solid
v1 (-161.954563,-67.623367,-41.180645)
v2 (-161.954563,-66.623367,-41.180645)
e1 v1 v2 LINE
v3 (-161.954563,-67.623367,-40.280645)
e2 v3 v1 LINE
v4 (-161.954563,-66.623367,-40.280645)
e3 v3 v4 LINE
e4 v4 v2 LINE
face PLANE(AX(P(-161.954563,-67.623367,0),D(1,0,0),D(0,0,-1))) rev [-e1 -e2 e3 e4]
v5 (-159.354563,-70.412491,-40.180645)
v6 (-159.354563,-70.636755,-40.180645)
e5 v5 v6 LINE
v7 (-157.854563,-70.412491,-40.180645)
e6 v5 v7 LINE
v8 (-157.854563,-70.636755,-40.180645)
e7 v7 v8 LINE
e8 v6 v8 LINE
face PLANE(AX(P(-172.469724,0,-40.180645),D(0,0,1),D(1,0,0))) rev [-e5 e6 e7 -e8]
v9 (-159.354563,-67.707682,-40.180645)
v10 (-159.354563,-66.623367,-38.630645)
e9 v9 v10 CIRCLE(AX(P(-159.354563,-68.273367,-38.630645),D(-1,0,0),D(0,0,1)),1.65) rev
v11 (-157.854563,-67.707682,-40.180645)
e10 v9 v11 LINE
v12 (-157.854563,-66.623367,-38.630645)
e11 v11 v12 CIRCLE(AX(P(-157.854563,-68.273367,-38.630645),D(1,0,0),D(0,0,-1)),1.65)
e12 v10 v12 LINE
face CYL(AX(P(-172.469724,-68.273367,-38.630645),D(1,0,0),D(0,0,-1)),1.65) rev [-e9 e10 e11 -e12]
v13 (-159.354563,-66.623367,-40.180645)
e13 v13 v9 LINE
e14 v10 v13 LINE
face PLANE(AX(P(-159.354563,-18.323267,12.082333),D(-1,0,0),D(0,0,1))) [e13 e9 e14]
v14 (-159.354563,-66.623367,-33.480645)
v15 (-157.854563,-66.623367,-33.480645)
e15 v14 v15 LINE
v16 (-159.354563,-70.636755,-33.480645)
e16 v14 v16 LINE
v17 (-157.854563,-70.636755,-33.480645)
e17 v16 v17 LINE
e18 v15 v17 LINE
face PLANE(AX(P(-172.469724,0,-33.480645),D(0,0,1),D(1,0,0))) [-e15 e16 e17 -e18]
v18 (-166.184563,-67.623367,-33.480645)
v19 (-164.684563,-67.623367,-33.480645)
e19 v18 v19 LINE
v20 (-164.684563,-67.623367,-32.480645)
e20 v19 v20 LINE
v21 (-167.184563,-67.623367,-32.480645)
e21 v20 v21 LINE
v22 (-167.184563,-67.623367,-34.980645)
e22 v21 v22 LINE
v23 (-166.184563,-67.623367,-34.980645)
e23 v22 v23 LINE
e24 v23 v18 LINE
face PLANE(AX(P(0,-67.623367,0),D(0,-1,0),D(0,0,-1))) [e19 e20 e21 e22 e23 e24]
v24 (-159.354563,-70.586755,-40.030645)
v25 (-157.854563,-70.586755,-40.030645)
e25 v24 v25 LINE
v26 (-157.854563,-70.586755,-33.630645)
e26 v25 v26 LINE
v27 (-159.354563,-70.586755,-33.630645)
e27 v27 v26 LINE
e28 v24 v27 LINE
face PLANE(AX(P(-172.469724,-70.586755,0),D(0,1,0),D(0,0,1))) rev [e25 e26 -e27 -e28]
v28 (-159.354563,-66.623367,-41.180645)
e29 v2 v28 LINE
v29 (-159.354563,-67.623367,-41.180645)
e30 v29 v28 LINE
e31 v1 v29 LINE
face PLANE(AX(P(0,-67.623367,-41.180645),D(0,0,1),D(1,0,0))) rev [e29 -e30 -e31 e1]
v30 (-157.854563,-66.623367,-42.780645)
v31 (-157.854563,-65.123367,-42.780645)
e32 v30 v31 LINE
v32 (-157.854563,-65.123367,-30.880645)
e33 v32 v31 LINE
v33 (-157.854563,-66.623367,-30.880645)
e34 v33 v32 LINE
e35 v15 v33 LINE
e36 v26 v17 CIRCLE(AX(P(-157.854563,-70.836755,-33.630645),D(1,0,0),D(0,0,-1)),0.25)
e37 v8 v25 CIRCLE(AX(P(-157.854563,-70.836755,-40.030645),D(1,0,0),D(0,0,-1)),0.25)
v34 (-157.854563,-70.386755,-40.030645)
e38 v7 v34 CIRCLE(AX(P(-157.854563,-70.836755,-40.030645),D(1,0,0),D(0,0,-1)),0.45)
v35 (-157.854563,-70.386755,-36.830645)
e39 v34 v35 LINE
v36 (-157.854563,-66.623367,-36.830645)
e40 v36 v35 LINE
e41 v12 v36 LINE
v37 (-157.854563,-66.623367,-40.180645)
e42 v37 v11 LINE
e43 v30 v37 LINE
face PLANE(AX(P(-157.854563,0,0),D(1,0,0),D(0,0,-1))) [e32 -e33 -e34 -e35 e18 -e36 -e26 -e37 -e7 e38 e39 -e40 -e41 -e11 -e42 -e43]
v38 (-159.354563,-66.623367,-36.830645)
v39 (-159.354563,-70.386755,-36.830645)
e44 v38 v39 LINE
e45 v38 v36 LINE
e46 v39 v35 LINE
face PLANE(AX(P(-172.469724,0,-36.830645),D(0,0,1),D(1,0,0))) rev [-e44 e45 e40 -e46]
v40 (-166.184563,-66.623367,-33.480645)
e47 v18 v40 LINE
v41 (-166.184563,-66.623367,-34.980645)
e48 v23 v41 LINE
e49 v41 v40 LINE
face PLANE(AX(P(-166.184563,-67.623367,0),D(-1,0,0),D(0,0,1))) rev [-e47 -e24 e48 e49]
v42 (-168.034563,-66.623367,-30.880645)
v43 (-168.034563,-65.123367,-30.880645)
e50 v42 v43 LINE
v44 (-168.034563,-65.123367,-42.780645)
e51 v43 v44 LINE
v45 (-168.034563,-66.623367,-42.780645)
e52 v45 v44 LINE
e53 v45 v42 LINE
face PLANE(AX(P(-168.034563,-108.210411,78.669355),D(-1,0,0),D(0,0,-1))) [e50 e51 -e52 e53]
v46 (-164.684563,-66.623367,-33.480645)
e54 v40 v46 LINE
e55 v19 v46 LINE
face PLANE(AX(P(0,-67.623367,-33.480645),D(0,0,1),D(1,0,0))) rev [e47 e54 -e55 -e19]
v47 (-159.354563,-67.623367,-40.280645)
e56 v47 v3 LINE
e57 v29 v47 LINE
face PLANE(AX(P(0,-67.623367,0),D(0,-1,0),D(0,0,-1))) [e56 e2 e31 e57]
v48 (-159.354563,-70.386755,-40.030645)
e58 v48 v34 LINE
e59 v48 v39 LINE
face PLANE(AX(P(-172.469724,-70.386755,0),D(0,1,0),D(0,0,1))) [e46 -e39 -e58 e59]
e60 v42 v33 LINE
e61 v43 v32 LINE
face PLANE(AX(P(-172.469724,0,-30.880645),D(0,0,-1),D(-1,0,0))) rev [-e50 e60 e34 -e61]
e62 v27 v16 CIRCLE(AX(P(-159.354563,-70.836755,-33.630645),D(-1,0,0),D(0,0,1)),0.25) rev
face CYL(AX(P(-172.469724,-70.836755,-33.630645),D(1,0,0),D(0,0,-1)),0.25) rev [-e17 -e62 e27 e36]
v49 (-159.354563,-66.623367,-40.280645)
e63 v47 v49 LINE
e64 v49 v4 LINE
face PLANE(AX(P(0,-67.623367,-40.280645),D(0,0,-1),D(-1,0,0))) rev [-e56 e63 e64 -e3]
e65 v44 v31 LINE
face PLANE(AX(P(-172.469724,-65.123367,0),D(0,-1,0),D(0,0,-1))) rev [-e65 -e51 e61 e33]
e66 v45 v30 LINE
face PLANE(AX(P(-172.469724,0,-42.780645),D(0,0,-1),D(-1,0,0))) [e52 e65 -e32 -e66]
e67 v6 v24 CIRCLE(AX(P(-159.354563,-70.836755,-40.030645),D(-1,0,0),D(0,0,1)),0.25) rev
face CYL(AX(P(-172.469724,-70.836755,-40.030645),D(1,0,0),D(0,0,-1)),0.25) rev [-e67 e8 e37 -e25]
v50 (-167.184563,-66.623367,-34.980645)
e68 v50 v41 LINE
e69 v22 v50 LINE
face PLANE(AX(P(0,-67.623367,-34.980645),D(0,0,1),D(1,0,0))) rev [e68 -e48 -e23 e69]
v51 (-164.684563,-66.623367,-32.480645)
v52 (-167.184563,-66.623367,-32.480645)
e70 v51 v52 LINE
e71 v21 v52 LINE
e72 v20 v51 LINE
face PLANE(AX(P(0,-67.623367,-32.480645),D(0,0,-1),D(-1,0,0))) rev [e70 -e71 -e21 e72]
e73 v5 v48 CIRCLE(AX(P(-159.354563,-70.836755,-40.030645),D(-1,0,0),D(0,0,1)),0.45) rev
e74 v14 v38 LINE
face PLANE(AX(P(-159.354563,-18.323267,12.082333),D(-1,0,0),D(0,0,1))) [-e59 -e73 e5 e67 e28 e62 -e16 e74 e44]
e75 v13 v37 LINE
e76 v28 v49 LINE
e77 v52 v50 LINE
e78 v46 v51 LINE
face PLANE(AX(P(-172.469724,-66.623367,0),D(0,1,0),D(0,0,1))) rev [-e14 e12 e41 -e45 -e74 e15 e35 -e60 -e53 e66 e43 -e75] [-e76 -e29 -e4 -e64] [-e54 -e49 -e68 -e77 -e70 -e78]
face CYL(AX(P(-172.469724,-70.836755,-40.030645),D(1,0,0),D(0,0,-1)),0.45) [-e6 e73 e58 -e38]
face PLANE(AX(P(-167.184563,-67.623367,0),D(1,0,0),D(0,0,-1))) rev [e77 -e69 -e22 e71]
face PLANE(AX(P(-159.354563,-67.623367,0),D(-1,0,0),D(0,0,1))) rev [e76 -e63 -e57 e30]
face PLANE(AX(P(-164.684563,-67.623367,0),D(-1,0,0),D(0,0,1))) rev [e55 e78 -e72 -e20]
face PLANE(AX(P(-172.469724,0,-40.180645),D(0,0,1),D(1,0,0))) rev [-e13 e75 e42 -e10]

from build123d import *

# Parameters (mm, degrees)
BOSS_EXTRUDE1_DEPTH = 1.5
BOSS_EXTRUDE2_DEPTH = 10.18
SKETCH2_W           = 2.5
SKETCH2_H           = 0.9
SKETCH2_W_2         = 0.1
BOSS_EXTRUDE3_DEPTH = 1


with BuildPart() as part:
    # Sketch1 → Boss-Extrude1 (new body)
    with BuildSketch(Plane(origin=(-157.854562907, 0, 0), x_dir=(0, 0, -1), z_dir=(1, 0, 0))):
        with BuildLine():
            Line((30.880645232, -65.123367101), (30.880645232, -66.623367101))
            Line((30.880645232, -66.623367101), (33.480645232, -66.623367101))
            Line((33.480645232, -66.623367101), (33.480645232, -70.636755446))
            ThreePointArc((33.480645232, -70.636755446), (33.551588291, -70.599584622), (33.630645232, -70.586755446))
            Line((33.630645232, -70.586755446), (40.030645232, -70.586755446))
            ThreePointArc((40.030645232, -70.586755446), (40.109702174, -70.599584622), (40.180645232, -70.636755446))
            Line((40.180645232, -70.636755446), (40.180645232, -70.412491378))
            ThreePointArc((40.180645232, -70.412491378), (40.106741123, -70.393236094), (40.030645232, -70.386755446))
            Line((40.030645232, -70.386755446), (36.830645232, -70.386755446))
            Line((36.830645232, -70.386755446), (36.830645232, -66.623367101))
            Line((36.830645232, -66.623367101), (38.630645232, -66.623367101))
            ThreePointArc((38.630645232, -66.623367101), (39.576456801, -66.921353611), (40.180645232, -67.707681676))
            Line((40.180645232, -67.707681676), (40.180645232, -66.623367101))
            Line((40.180645232, -66.623367101), (42.780645232, -66.623367101))
            Line((42.780645232, -66.623367101), (42.780645232, -65.123367101))
            Line((42.780645232, -65.123367101), (30.880645232, -65.123367101))
        make_face()
    extrude(amount=-BOSS_EXTRUDE1_DEPTH)

    # Sketch1<3> → Boss-Extrude2 (add)
    with BuildSketch(Plane(origin=(-157.854562907, 0, 0), x_dir=(0, 0, -1), z_dir=(1, 0, 0))):
        Polygon((30.880645232, -65.123367101), (30.880645232, -66.623367101), (33.380645232, -66.623367101), (33.480645232, -66.623367101), (38.630645232, -66.623367101), (40.180645232, -66.623367101), (40.280645232, -66.623367101), (42.780645232, -66.623367101), (42.780645232, -65.123367101), align=None)
    extrude(amount=-BOSS_EXTRUDE2_DEPTH)

    # Sketch2 → Boss-Extrude3 (add)
    with BuildSketch(Plane.XZ.offset(66.623367101)):
        Polygon((-167.184562907, -32.480645232), (-167.184562907, -34.980645232), (-166.184562907, -34.980645232), (-166.184562907, -33.480645232), (-164.684562907, -33.480645232), (-164.684562907, -32.480645232), align=None)
        with Locations((-160.704562907, -40.730645232)):
            Rectangle(SKETCH2_W, SKETCH2_H)
        with Locations((-159.404562907, -40.730645232)):
            Rectangle(SKETCH2_W_2, SKETCH2_H)
    extrude(amount=BOSS_EXTRUDE3_DEPTH)


solid = part.part
